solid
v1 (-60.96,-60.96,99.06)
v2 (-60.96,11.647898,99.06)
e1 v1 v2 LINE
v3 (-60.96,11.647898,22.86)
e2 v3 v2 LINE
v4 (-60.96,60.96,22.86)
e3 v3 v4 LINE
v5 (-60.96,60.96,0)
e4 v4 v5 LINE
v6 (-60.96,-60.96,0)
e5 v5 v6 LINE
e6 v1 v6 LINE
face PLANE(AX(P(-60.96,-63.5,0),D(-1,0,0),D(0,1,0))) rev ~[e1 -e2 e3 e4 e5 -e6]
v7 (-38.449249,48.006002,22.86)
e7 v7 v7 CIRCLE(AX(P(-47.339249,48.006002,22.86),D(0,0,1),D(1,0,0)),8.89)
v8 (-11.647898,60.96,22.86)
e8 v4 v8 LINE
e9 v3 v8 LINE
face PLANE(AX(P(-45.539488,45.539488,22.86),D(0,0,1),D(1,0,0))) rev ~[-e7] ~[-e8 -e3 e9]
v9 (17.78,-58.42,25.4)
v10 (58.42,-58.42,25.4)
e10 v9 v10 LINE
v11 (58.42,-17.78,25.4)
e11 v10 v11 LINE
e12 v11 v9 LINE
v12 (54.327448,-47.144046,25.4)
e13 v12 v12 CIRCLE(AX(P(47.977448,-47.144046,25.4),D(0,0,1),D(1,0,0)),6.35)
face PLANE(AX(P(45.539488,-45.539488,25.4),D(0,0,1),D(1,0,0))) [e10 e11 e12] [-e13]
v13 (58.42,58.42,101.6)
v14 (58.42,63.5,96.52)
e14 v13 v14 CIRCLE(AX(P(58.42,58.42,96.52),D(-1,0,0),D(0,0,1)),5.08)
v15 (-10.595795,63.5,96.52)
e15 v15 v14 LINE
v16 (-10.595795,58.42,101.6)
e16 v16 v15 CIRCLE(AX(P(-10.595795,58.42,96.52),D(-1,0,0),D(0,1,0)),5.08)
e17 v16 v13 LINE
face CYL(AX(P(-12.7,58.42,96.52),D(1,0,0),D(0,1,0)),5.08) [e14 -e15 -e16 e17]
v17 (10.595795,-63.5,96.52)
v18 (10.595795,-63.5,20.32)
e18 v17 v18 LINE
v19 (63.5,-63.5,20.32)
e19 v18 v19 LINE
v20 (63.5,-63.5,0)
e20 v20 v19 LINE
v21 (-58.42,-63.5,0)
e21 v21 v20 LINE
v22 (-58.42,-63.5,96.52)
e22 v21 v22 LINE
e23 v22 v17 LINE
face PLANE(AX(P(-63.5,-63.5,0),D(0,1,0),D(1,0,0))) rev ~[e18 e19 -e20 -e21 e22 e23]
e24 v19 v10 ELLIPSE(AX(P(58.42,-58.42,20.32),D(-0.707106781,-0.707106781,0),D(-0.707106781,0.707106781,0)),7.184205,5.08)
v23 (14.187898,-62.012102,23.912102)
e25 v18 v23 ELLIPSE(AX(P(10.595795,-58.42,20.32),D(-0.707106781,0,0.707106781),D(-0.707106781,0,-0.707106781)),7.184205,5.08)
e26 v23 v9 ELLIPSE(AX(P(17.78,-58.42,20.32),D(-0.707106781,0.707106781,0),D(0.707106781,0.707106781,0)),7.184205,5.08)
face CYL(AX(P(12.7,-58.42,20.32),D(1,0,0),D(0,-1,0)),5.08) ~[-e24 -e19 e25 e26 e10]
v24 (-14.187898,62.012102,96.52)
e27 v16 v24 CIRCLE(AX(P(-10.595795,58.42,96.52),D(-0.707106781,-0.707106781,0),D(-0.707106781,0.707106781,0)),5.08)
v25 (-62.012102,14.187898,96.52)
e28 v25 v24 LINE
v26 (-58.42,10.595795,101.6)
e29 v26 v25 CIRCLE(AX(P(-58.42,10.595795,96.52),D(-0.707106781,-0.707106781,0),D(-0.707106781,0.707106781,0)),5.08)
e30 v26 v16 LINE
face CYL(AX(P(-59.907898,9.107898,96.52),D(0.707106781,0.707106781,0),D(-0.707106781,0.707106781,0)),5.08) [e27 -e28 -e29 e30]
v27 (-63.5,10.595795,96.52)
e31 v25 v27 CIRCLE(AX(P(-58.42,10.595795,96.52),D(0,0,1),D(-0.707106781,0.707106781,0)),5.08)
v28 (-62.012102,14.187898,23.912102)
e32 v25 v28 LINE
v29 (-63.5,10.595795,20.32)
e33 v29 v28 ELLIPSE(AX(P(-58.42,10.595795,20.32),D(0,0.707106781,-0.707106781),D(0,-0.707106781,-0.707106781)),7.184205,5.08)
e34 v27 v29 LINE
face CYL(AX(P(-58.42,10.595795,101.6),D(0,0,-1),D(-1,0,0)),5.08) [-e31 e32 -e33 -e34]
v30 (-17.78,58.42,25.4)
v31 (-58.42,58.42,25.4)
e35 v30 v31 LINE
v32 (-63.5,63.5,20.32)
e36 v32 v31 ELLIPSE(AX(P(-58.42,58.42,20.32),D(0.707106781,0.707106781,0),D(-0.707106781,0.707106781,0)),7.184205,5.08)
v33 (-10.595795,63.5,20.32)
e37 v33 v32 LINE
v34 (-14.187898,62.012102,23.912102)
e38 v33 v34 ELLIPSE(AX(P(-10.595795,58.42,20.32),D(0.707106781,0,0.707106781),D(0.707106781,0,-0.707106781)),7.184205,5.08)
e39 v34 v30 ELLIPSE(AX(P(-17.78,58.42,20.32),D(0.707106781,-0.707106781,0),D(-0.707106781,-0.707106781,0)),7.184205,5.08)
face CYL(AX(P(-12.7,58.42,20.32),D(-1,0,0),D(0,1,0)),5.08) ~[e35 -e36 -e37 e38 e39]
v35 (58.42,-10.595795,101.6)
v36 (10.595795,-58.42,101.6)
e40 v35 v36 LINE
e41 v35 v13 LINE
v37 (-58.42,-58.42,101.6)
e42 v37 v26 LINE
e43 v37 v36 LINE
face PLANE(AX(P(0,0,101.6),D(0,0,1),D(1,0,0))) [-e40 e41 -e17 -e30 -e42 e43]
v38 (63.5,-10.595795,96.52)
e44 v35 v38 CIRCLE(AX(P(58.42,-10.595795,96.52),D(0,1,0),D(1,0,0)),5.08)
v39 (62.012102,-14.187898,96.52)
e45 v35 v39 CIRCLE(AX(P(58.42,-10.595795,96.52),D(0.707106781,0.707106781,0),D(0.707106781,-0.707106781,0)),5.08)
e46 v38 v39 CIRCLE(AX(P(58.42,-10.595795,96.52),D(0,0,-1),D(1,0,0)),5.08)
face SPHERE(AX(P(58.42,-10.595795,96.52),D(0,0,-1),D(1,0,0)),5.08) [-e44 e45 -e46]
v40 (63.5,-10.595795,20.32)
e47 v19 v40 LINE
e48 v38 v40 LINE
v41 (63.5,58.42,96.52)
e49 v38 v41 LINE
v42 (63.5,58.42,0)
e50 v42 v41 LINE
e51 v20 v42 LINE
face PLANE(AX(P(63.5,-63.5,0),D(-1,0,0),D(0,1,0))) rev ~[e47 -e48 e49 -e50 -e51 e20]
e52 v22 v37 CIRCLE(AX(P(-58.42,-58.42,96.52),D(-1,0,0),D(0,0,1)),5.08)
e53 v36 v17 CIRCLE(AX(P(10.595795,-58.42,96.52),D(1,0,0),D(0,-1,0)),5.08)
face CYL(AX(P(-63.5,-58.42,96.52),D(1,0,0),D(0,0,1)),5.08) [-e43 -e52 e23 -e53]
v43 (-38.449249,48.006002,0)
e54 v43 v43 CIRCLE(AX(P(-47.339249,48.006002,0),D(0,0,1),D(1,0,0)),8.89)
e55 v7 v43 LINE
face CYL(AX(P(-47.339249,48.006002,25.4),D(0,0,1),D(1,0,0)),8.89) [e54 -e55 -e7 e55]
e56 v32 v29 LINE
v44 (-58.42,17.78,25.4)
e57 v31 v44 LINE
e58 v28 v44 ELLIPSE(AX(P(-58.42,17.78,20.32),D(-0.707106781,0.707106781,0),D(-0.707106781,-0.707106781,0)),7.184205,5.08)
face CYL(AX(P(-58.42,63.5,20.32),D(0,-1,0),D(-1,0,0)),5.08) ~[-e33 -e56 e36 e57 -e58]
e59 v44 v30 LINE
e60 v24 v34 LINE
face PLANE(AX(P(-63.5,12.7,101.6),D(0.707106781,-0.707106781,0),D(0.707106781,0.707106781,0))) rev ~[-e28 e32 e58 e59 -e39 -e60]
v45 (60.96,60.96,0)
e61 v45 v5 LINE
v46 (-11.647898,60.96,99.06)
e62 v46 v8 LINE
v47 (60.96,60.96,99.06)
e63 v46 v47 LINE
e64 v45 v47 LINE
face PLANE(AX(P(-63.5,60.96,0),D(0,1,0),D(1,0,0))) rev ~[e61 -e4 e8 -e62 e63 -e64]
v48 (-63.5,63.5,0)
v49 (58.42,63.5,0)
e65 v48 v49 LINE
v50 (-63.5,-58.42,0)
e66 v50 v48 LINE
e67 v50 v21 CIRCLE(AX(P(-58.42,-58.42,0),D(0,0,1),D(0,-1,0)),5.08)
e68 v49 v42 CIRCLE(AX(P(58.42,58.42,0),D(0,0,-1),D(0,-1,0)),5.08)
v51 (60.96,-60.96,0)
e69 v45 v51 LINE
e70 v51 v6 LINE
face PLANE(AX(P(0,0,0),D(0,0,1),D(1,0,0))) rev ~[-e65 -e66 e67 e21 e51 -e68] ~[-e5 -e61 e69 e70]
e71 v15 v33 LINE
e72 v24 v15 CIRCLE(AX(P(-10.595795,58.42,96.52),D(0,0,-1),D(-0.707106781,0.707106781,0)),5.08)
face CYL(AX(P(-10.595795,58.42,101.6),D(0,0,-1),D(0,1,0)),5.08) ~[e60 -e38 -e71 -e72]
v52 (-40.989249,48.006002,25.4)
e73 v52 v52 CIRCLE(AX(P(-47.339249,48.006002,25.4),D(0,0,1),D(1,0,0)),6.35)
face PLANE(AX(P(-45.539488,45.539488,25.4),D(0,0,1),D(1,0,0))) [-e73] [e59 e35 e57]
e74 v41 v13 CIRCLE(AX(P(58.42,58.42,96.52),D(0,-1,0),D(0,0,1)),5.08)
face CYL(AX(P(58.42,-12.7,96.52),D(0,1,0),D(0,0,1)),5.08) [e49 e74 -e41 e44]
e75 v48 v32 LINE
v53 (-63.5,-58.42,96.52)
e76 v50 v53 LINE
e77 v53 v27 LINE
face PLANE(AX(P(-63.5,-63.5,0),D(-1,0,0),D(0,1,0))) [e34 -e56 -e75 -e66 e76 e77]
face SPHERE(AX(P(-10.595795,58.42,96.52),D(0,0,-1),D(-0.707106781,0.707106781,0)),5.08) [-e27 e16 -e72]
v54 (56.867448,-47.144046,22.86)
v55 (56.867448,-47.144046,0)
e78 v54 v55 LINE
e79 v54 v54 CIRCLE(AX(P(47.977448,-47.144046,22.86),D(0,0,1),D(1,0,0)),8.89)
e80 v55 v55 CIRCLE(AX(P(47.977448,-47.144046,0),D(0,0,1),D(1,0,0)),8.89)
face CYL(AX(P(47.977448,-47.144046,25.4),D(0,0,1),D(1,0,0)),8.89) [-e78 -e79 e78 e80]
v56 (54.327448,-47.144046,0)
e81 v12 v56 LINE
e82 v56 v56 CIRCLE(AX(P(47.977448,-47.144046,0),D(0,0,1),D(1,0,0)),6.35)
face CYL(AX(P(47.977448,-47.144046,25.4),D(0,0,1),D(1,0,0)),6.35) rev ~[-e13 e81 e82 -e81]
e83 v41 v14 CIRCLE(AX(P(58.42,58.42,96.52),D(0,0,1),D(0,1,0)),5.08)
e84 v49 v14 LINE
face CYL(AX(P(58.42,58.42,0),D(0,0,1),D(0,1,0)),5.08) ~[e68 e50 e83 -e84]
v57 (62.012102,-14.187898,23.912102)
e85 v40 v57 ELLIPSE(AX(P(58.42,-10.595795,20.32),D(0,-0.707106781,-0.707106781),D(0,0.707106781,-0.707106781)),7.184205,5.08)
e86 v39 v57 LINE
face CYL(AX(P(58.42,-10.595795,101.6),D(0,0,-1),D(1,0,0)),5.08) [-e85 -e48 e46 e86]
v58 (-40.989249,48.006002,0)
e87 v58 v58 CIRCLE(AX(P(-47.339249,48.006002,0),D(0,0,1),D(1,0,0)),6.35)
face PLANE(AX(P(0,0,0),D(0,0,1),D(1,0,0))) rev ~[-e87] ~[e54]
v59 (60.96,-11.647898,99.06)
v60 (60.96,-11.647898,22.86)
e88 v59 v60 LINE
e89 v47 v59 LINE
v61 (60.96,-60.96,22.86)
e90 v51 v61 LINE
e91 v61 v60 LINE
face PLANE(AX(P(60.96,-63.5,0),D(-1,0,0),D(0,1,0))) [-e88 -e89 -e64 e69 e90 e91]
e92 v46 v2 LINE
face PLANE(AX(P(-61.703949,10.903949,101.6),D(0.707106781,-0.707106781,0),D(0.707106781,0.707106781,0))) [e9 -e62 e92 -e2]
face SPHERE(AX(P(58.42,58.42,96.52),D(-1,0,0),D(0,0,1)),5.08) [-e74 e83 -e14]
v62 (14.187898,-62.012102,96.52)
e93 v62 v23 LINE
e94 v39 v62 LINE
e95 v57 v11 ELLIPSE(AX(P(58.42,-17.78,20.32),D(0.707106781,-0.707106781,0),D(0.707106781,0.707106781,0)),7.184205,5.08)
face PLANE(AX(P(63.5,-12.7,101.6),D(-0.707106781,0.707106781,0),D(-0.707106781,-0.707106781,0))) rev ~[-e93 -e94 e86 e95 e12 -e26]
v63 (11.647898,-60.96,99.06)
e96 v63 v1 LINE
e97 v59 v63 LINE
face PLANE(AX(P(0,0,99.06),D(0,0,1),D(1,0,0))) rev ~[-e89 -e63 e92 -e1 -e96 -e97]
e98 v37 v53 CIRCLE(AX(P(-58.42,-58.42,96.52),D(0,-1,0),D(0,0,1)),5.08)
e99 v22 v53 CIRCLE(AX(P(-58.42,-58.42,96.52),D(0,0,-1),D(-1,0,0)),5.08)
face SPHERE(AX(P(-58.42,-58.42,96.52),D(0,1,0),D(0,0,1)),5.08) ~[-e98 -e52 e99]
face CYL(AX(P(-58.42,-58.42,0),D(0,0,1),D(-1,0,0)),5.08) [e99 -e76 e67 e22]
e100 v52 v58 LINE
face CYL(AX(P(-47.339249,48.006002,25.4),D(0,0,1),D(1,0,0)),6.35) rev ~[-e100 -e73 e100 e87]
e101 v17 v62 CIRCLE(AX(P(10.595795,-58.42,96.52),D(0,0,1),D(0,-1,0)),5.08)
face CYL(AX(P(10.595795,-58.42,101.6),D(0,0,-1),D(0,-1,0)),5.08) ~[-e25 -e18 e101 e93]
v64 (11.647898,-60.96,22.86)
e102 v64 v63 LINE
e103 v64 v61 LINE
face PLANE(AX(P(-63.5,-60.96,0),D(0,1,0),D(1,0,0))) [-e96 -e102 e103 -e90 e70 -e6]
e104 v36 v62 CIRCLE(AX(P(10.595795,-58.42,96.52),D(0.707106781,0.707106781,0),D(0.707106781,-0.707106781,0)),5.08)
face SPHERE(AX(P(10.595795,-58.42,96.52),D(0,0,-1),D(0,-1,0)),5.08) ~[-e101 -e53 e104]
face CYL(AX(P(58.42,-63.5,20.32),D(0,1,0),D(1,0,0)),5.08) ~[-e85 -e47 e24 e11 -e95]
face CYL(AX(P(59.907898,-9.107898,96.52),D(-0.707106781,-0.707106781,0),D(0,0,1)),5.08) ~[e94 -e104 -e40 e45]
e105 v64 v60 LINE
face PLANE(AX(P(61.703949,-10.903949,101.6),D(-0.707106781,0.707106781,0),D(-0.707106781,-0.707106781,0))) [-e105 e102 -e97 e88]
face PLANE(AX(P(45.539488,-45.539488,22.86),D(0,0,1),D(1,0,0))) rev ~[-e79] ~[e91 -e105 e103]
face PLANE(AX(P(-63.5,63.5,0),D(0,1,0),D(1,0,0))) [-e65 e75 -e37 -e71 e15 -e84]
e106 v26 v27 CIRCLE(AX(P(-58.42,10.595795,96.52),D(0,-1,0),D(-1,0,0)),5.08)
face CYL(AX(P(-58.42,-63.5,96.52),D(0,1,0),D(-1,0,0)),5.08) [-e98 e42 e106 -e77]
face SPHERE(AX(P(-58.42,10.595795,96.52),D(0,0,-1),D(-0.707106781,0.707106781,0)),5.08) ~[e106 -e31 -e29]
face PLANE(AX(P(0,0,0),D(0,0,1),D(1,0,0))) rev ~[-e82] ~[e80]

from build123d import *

# Parameters (mm, degrees)
F0_W     = 127
F0_H     = 127
F1_DEPTH = 101.6
F3_DEPTH = 76.2
F4_R     = 6.35
F5_DEPTH = 203.2
F6_T     = -2.54
F7_R     = 5.08


with BuildPart() as f1:
    # F0 (on Top) → F1 (new body)
    with BuildSketch(Plane.XY):
        Rectangle(F0_W, F0_H)
    extrude(amount=F1_DEPTH)

    # F2 (on face) → F3 (cut)
    with BuildSketch(Plane.XY.offset(101.6)):
        Polygon((63.5, -63.5), (63.5, -12.7), (12.7, -63.5), align=None)
        Polygon((-63.5, 12.7), (-12.7, 63.5), (-63.5, 63.5), align=None)
    extrude(amount=-F3_DEPTH, mode=Mode.SUBTRACT)

    # F4 (on face) → F5 (cut)
    with BuildSketch(Plane.XY.offset(25.4)):
        with Locations((-47.3392494023, 48.0060018599)):
            Circle(F4_R)
        with Locations((47.9774476191, -47.1440458012)):
            Circle(F4_R)
    extrude(amount=-F5_DEPTH, mode=Mode.SUBTRACT)

    # F6
    f6_openings = [f1.faces().sort_by_distance(p)[0] for p in [
        (-0.005092, -0.006878, 0),
    ]]
    offset(amount=F6_T, openings=f6_openings, kind=Kind.INTERSECTION)

    # F7
    f7_edges = [f1.edges().sort_by_distance(p)[0] for p in [
        (-38.1, 38.1, 101.6),
        (-63.5, -25.4, 101.6),
        (-63.5, 12.7, 63.5),
        (25.4, 63.5, 101.6),
        (63.5, 25.4, 101.6),
        (38.1, -38.1, 101.6),
        (63.5, -12.7, 63.5),
        (12.7, -63.5, 63.5),
        (-25.4, -63.5, 101.6),
        (63.5, -38.1, 25.4),
        (38.1, -63.5, 25.4),
        (63.5, 63.5, 50.8),
        (-12.7, 63.5, 63.5),
        (-38.1, 63.5, 25.4),
        (-63.5, 38.1, 25.4),
        (-63.5, -63.5, 50.8),
    ]]
    fillet(f7_edges, radius=F7_R)


solid = f1.part
